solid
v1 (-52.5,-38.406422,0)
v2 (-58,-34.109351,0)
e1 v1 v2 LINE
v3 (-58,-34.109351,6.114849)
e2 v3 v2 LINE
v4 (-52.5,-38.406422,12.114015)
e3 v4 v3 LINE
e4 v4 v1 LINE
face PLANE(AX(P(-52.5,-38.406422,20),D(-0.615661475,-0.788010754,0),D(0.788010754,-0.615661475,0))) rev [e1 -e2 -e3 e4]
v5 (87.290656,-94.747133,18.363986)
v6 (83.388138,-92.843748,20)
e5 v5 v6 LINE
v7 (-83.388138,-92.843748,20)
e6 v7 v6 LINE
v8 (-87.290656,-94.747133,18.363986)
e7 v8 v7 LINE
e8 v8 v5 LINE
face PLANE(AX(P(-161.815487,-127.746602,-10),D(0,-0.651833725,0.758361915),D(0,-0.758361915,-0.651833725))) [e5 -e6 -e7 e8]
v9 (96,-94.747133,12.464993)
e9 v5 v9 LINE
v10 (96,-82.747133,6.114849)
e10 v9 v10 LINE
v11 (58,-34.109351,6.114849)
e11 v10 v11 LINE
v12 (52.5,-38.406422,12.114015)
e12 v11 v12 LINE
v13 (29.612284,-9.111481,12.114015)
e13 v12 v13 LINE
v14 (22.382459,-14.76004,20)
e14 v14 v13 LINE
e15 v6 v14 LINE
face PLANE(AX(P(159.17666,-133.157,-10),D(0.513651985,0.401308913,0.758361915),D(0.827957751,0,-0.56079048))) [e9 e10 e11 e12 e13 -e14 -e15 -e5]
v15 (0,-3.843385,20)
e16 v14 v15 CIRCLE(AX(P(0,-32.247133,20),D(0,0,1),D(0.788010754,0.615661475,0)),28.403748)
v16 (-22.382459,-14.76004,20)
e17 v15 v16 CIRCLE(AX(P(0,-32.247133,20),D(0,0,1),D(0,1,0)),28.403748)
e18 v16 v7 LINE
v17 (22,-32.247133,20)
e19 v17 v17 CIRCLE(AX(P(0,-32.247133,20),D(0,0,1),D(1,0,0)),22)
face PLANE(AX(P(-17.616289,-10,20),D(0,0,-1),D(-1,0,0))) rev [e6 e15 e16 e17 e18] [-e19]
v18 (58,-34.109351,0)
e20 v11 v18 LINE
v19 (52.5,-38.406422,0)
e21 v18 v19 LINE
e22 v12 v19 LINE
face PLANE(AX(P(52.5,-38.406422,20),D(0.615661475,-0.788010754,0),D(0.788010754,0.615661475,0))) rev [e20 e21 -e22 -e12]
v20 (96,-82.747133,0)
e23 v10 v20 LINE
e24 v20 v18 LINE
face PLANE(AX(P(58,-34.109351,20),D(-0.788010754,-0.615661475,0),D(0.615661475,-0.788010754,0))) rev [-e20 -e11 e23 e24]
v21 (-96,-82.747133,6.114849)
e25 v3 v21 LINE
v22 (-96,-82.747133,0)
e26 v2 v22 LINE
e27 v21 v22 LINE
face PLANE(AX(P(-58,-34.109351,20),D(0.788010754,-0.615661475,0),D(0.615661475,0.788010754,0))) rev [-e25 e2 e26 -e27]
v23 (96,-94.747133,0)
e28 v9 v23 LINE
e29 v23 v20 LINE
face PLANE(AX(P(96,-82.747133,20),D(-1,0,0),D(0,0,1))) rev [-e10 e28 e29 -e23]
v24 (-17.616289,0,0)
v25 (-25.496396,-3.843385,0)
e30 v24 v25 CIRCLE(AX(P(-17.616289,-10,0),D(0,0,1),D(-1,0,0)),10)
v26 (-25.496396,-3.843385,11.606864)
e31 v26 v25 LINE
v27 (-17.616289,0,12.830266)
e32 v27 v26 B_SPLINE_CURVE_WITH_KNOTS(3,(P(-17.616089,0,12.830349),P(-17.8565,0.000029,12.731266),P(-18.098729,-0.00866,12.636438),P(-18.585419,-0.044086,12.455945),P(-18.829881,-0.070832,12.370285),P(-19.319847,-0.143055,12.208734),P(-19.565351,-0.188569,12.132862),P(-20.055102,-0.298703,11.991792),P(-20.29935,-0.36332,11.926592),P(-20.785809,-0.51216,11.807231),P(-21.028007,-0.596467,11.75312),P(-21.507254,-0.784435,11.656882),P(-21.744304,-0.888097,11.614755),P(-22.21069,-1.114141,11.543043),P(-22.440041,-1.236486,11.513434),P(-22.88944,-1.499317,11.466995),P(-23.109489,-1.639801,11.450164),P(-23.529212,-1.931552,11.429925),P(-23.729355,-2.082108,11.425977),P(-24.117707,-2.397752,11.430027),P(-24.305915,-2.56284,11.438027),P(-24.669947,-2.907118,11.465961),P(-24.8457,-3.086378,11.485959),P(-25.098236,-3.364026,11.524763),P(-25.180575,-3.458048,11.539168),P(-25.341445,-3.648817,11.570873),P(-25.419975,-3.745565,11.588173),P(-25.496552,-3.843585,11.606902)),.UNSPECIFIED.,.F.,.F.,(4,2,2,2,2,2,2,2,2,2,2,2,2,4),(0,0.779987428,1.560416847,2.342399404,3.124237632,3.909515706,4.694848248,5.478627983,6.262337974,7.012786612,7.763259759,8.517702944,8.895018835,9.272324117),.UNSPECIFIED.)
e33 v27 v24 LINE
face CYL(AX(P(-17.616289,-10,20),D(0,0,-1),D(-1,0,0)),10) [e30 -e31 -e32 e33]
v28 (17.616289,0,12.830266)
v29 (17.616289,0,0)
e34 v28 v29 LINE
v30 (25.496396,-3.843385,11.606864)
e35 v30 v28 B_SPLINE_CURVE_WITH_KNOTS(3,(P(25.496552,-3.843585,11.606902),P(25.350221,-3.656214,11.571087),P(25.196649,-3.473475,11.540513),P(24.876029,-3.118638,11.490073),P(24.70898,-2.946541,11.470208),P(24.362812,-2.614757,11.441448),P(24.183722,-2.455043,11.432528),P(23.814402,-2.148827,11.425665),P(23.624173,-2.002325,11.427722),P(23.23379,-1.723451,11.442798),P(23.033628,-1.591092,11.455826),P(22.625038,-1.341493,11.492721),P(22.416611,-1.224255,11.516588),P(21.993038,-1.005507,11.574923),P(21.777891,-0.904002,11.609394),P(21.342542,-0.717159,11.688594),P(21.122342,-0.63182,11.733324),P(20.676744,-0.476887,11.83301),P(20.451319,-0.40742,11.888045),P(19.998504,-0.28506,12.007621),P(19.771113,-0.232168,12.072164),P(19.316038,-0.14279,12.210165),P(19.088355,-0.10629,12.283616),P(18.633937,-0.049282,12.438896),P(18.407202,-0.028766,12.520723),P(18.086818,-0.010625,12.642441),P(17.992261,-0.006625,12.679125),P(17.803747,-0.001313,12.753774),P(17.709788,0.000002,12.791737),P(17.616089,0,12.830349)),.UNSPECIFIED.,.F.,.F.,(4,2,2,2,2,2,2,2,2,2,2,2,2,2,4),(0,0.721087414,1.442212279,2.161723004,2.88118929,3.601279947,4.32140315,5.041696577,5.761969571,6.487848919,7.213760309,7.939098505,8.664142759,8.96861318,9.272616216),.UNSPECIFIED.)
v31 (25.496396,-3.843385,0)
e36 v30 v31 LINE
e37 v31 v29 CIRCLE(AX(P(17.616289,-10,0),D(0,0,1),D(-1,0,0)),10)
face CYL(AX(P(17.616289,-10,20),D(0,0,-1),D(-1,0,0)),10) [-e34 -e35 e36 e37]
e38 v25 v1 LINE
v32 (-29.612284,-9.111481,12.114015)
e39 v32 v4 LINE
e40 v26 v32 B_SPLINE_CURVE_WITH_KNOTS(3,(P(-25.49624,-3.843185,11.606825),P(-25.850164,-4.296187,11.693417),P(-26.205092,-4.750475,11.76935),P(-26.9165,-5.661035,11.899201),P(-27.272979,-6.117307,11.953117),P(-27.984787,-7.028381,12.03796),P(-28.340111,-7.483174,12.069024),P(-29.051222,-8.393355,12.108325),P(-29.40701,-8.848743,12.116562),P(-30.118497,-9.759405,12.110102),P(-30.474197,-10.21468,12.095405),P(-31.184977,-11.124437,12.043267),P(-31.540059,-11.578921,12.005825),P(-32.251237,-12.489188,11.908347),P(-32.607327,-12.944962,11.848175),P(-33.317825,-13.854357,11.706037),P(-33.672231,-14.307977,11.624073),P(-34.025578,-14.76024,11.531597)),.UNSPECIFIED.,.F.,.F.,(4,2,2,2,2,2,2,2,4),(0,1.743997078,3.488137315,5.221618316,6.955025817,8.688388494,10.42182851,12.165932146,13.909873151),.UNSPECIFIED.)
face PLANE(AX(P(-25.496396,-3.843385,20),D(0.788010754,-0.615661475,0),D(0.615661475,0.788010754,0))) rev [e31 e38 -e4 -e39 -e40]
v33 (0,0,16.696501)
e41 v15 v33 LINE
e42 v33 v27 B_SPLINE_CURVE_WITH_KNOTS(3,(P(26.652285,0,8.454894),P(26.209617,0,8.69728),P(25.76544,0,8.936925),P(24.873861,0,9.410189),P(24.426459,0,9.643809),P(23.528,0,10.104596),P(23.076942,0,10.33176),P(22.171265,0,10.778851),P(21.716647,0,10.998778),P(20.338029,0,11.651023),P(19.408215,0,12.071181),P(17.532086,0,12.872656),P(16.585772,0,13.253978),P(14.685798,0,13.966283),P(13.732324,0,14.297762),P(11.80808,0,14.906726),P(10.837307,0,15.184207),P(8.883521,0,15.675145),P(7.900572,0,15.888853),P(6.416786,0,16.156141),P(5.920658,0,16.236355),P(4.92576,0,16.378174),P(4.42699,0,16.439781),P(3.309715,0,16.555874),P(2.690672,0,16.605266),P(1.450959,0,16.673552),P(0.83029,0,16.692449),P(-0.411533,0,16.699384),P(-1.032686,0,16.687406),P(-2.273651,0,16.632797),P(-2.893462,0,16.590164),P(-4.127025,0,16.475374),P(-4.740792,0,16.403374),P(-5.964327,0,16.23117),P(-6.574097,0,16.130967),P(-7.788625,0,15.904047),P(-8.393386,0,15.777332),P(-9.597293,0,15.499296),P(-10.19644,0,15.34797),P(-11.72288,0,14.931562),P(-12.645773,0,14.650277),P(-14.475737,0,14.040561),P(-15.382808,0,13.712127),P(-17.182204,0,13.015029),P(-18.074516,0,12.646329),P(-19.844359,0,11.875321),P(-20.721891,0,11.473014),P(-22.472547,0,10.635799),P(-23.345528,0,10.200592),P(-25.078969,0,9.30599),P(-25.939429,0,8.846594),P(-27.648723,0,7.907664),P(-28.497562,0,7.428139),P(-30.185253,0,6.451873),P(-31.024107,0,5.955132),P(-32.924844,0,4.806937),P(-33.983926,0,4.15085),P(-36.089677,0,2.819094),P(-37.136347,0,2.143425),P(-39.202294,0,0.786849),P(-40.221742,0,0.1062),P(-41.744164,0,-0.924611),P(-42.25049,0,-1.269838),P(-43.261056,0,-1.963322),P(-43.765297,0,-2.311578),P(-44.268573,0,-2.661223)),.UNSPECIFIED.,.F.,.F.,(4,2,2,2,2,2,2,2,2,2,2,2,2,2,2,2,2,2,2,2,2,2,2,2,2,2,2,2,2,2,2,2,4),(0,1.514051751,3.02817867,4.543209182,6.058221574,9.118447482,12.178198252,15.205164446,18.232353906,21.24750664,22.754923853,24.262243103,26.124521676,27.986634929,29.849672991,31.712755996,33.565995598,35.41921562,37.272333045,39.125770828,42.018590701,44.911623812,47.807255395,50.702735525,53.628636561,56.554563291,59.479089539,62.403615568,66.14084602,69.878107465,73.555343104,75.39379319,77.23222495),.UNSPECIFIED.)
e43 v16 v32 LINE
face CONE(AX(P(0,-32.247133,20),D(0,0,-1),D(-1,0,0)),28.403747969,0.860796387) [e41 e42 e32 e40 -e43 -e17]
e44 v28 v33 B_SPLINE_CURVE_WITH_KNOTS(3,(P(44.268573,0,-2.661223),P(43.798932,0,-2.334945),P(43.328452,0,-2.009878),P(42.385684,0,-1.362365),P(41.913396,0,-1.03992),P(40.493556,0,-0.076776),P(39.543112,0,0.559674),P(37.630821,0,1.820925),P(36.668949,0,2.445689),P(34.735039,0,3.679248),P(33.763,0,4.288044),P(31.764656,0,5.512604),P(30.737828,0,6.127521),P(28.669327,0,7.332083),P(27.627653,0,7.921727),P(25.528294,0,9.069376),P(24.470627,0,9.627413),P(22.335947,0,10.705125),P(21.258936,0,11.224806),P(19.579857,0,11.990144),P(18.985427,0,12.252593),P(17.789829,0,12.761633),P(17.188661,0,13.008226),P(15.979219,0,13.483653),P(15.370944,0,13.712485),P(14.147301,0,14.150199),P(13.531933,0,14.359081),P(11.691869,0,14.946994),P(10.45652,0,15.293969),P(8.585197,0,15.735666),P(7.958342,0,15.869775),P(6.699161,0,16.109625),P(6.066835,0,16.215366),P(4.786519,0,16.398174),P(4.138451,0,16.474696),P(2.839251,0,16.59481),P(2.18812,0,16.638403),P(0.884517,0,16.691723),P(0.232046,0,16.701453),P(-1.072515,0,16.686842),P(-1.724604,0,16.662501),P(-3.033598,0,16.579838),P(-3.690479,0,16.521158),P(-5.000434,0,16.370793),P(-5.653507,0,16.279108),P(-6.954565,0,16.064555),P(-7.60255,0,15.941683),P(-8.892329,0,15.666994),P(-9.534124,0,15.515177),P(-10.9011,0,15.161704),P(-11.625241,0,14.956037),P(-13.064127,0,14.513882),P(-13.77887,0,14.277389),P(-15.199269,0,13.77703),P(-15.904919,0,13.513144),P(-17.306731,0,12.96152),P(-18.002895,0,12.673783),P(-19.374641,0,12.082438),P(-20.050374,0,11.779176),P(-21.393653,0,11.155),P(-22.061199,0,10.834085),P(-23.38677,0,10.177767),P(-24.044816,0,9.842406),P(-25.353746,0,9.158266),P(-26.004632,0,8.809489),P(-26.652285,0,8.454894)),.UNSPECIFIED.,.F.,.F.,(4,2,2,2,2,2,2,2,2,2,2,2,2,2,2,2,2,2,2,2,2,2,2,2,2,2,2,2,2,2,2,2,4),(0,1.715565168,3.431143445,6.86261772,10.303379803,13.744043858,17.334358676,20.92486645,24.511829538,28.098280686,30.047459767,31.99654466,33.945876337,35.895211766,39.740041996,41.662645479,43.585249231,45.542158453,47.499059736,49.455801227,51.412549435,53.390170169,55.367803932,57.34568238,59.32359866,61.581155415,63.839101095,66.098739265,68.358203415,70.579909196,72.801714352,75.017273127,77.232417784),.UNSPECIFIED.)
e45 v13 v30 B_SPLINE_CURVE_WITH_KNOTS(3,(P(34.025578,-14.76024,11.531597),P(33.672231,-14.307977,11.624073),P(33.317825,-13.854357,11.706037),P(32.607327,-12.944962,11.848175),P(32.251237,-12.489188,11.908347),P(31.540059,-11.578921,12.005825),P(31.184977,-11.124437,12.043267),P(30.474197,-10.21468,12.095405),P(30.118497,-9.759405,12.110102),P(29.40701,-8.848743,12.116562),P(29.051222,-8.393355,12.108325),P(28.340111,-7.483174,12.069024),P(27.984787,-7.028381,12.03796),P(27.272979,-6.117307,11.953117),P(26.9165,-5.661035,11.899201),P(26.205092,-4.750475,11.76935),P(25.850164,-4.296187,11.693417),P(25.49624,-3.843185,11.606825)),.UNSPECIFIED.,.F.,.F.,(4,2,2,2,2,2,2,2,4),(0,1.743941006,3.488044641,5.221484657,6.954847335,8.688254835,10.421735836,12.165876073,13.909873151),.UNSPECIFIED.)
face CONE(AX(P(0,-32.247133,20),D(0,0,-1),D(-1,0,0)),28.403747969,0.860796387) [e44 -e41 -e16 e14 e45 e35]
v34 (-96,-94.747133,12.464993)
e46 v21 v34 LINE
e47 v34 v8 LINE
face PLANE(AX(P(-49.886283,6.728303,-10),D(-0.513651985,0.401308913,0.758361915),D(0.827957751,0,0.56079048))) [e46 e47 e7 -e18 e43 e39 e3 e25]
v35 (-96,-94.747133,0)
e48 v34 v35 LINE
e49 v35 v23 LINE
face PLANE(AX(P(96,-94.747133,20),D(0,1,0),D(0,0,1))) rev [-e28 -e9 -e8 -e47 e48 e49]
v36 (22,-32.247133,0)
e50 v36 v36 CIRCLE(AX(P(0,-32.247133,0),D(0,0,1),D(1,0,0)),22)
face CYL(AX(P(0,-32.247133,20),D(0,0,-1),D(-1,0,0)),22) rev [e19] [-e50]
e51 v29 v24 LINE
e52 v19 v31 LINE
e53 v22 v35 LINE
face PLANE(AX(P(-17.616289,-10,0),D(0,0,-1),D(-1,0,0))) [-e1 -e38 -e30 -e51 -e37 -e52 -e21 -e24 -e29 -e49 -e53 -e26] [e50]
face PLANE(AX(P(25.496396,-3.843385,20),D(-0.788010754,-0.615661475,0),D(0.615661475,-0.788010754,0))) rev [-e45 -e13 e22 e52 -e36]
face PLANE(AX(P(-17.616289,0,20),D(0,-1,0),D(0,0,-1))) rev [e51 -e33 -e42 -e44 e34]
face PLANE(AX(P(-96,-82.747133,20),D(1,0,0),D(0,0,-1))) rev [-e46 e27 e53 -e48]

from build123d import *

# Parameters (mm, degrees)
SKETCH1_R           = 22
BOSS_EXTRUDE1_DEPTH = 20


with BuildPart() as part:
    # Sketch1 → Boss-Extrude1 (new body)
    with BuildSketch(Plane.XY):
        with BuildLine():
            Line((-17.616288532, 0), (17.616288532, 0))
            ThreePointArc((17.616288532, 0), (22, -1.012059537), (25.496396068, -3.843385247))
            Line((25.496396068, -3.843385247), (52.5, -38.406422138))
            Line((52.5, -38.406422138), (58, -34.109351193))
            Line((58, -34.109351193), (96, -82.747133216))
            Line((96, -82.747133216), (96, -94.747133216))
            Line((96, -94.747133216), (-96, -94.747133216))
            Line((-96, -94.747133216), (-96, -82.747133216))
            Line((-96, -82.747133216), (-58, -34.109351193))
            Line((-58, -34.109351193), (-52.5, -38.406422138))
            Line((-52.5, -38.406422138), (-25.496396068, -3.843385247))
            ThreePointArc((-25.496396068, -3.843385247), (-22, -1.012059537), (-17.616288532, 0))
        make_face()
        with Locations((0, -32.247133216)):
            Circle(SKETCH1_R, mode=Mode.SUBTRACT)
    extrude(amount=BOSS_EXTRUDE1_DEPTH)

    # Cut-Sweep3: sweep along a path in Sketch2
    with BuildLine(Plane.XY.offset(20)) as cut_sweep3_path:
        Line((23.882346885, -13.588198867), (87.290655754, -94.747133216))
        Line((87.290655754, -94.747133216), (-87.290655754, -94.747133216))
        Line((-87.290655754, -94.747133216), (-23.882346885, -13.588198867))
        ThreePointArc((-23.882346885, -13.588198867), (0, -1.94), (23.882346885, -13.588198867))
    # Sketch3 → Cut-Sweep3 (sweep, cut)
    with BuildSketch(Plane(origin=(0, 0, 0), x_dir=(0, 0, -1), z_dir=(1, 0, 0))):
        Polygon((-20, -3.843385247), (-20, 31.059468925), (10, 31.059468925), align=None)
    sweep(path=cut_sweep3_path.line, transition=Transition.RIGHT, mode=Mode.SUBTRACT)


solid = part.part
